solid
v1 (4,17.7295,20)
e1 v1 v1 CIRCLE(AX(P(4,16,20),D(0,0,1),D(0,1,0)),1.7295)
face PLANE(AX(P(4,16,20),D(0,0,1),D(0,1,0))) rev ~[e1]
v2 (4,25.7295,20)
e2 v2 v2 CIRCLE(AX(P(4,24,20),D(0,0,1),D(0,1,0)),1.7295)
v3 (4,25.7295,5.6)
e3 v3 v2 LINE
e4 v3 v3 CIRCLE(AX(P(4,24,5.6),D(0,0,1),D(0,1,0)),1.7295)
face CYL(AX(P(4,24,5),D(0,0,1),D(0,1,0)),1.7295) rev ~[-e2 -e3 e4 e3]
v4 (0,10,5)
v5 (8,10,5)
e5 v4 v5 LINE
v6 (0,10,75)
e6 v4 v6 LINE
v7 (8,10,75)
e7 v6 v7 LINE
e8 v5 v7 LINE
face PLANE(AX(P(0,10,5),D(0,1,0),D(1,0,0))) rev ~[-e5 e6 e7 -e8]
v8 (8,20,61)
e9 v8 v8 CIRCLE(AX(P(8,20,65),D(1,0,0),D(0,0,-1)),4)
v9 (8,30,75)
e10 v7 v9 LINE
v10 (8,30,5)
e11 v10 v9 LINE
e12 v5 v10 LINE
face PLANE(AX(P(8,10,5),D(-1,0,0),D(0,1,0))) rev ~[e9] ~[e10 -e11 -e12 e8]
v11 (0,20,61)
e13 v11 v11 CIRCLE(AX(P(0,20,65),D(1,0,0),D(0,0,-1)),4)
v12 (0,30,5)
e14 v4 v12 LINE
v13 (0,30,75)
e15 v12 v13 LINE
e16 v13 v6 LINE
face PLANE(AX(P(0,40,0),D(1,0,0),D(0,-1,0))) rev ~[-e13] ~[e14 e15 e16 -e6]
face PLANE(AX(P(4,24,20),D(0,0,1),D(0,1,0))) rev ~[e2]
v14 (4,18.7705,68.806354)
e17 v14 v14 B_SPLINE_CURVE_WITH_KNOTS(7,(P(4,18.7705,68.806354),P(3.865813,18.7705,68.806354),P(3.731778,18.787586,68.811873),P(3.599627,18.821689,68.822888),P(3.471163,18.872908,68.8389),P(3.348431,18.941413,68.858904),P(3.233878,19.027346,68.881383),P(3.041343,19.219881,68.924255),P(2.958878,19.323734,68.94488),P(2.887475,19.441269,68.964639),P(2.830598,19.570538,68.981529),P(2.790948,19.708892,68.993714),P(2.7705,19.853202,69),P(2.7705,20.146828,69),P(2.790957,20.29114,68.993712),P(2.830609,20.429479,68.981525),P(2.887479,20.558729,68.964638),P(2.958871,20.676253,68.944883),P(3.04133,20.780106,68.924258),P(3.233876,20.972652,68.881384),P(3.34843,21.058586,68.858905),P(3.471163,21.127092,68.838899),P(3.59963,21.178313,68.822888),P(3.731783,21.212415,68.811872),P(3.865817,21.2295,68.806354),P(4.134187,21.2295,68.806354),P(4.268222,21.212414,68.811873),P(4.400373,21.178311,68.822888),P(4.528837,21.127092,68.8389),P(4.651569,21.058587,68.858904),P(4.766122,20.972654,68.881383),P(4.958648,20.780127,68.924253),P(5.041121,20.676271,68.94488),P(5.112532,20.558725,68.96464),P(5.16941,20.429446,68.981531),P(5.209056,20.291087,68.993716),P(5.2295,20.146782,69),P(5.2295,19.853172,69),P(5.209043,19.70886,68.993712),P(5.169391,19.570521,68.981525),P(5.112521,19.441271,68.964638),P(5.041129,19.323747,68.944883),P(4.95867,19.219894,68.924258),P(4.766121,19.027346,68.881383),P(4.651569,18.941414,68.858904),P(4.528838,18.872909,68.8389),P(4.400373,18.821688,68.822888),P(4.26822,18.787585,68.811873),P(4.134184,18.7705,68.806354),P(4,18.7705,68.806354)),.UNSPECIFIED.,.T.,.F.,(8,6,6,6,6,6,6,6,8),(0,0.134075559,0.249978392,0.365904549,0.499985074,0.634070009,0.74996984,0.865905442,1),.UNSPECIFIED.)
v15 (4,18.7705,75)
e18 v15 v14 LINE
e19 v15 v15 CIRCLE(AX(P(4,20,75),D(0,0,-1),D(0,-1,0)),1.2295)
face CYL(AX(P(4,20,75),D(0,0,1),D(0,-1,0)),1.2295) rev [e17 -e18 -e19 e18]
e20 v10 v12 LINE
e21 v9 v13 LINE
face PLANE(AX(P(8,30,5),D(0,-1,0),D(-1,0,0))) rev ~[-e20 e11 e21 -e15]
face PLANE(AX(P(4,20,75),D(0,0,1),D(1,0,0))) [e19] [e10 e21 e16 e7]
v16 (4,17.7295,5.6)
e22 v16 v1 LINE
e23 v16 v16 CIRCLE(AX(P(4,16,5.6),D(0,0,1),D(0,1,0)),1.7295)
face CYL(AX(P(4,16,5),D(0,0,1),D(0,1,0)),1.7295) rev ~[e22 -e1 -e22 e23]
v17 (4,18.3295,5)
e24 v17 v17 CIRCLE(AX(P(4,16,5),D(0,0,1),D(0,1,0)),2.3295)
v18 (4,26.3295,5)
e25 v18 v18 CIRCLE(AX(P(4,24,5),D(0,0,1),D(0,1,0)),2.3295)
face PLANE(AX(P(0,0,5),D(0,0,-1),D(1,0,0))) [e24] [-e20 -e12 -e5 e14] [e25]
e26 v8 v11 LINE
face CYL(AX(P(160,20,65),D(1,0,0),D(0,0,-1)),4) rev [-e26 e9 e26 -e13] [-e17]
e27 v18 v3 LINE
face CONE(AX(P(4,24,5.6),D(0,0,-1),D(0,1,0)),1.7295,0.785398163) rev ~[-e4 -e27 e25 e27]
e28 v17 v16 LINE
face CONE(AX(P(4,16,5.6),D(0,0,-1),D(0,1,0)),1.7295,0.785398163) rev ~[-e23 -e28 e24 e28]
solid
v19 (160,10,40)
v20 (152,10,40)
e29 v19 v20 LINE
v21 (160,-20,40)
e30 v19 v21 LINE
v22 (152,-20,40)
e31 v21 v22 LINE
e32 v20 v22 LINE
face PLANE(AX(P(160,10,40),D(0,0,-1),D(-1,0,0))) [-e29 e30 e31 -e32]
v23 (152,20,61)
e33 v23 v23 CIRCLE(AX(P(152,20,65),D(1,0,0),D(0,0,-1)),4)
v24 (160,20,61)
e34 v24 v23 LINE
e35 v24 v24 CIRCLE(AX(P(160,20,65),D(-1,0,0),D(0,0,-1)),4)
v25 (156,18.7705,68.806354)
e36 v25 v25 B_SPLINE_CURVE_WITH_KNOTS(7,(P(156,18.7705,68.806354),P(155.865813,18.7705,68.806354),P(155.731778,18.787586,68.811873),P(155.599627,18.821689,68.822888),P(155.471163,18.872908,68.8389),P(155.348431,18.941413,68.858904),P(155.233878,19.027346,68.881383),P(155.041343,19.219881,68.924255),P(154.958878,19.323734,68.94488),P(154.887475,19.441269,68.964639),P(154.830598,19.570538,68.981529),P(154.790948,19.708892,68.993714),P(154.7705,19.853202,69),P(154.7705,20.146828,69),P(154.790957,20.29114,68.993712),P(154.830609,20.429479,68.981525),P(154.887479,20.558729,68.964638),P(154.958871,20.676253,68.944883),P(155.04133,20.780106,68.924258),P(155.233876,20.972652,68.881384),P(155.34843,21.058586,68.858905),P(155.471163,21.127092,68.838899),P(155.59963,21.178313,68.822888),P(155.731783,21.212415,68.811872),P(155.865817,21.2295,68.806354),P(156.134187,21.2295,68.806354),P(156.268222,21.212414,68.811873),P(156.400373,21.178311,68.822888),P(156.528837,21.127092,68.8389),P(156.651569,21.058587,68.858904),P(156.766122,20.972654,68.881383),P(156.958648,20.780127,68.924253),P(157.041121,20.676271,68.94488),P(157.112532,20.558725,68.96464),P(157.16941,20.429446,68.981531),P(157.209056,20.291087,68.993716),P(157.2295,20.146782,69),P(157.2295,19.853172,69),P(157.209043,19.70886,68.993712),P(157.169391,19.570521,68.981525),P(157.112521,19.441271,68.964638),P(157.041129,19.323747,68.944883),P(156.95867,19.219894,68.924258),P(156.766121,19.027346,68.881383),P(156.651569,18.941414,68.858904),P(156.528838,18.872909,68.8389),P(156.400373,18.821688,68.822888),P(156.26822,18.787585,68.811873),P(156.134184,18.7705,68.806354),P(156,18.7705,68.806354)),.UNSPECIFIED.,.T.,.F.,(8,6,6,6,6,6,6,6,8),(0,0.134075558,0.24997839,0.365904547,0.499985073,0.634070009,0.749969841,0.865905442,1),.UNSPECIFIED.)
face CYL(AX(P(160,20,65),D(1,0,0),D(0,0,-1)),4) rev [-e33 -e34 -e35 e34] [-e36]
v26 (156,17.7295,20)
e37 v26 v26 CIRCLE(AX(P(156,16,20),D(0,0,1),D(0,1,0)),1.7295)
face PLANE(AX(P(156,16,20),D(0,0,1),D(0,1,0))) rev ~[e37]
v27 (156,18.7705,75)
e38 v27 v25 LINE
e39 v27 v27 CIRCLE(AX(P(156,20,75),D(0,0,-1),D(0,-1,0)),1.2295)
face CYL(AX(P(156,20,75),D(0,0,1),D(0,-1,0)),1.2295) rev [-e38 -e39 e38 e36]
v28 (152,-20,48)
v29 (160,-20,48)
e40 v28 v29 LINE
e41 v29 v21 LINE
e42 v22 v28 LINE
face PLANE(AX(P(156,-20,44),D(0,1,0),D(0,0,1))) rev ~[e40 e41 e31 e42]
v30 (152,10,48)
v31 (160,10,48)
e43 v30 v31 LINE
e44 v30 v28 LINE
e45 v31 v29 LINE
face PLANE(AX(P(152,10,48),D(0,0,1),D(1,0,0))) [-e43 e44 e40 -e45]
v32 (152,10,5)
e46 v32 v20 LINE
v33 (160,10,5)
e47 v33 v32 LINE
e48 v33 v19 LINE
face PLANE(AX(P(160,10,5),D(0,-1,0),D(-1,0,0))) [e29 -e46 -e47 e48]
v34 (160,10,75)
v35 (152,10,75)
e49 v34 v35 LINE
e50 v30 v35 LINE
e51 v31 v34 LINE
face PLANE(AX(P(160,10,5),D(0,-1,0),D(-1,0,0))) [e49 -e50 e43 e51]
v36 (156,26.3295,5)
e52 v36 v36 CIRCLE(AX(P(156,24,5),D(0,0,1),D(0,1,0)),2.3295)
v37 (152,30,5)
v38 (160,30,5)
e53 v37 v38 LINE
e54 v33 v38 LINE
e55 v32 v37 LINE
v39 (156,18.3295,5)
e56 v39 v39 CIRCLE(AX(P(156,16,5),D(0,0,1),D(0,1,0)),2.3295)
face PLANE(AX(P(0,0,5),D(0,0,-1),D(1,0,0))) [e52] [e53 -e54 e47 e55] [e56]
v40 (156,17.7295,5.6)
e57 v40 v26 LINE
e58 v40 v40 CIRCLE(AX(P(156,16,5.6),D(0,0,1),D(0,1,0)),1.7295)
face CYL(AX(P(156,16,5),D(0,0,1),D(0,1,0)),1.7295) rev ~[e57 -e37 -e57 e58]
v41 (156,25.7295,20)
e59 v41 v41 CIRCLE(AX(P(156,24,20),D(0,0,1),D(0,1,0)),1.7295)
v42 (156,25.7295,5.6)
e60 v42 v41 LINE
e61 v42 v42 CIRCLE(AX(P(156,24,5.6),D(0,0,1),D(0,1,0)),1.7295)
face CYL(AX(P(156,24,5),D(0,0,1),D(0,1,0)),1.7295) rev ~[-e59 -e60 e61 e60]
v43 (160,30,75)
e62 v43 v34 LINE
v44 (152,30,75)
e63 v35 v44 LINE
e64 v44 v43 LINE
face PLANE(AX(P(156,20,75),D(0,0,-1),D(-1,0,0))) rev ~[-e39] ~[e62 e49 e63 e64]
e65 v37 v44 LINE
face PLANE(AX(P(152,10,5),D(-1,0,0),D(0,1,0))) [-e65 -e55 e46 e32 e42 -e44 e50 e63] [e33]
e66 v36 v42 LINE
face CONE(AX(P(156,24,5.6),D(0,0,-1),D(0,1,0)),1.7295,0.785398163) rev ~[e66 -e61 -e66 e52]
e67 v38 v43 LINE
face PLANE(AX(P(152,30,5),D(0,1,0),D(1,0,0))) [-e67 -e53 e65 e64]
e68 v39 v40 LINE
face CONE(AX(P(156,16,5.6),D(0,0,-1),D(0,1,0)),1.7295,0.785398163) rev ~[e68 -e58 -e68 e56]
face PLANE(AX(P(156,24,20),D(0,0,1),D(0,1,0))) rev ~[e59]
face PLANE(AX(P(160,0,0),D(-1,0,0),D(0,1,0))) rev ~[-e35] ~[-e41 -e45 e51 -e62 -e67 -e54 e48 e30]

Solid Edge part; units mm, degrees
sketch "Sketch1" plane through (0, 0, 0) normal (0, 0, 1) x (1, 0, 0)
  line L0 (160, 0) -> (160, 40)
  line L1 (160, 40) -> (0, 40)
  line L2 (0, 40) -> (0, 0)
  line L3 (0, 0) -> (160, 0)
extrude "Protrusion1" add sketch "Sketch1" along normal blind 5
sketch "Sketch2" plane through (75, 20, 5) normal (0, 0, 1) x (1, 0, 0)
  line L0 (77, 10) -> (85, 10)
  line L1 (85, 10) -> (85, -10)
  line L2 (85, -10) -> (77, -10)
  line L3 (77, -10) -> (77, 10)
  line L4 (-67, -10) -> (-67, 10)
  line L5 (-67, 10) -> (-75, 10)
  line L6 (-75, 10) -> (-75, -10)
  line L7 (-75, -10) -> (-67, -10)
  dimension "D1" = 8
  dimension "D2" = 10
  dimension "D3" = 10
  dimension "D4" = 20
  dimension "D5" = 10
  dimension "D6" = 20
  dimension "D7" = 10
  dimension "D8" = 8
extrude "ExtrudedProtrusion_2" add sketch "Sketch2" along normal blind 70
hole "Hole1" at (20, 10, 5) direction (0, 0, -1) diameter 4.2 end up to next start chamfer 1 start chamfer angle 45
hole "Hole2" at (140, 10, 5) direction (0, 0, -1) diameter 4.2 end up to next start chamfer 1 start chamfer angle 45
hole "Hole3" at (140, 30, 5) direction (0, 0, -1) diameter 4.2 end up to next start chamfer 1 start chamfer angle 45
hole "Hole4" at (20, 30, 5) direction (0, 0, -1) diameter 4.2 end up to next start chamfer 1 start chamfer angle 45
hole "Bohrung_6" at (160, 20, 65) direction (-1, 0, 0) diameter 8 end through all
hole "Hole_7" at (156, 20, 75) direction (0, 0, -1) diameter 2.459 end up to next thread major 3 thread length 2
hole "Hole5" at (4, 20, 75) direction (0, 0, -1) diameter 2.459 end up to next thread major 3 thread length 2
sketch "Sketch3" plane through (80, 0, 2.5) normal (0, -1, 0) x (1, 0, 0)
  line L0 (-80, -2.5) -> (-80, 2.5)
  line L1 (-80, 2.5) -> (80, 2.5)
  line L2 (80, 2.5) -> (80, -2.5)
  line L3 (80, -2.5) -> (-80, -2.5)
extrude "Cutout1" cut sketch "Sketch3" against normal through all
hole "Hole_10" at (156, 16, 5) direction (0, 0, 1) diameter 3.459 depth 15 start chamfer 0.6 start chamfer angle 45 thread major 4 thread length 2
hole "Hole6" at (156, 24, 5) direction (0, 0, 1) diameter 3.459 depth 15 start chamfer 0.6 start chamfer angle 45 thread major 4 thread length 2
hole "Hole_12" at (4, 24, 5) direction (0, 0, 1) diameter 3.459 depth 15 start chamfer 0.6 start chamfer angle 45 thread major 4 thread length 2
hole "Hole7" at (4, 16, 5) direction (0, 0, 1) diameter 3.459 depth 15 start chamfer 0.6 start chamfer angle 45 thread major 4 thread length 2
sketch "Sketch4" plane through (156, 10, 40) normal (0, -1, 0) x (0, 0, 1)
  line L0 (0, 4) -> (8, 4)
  line L1 (8, 4) -> (8, -4)
  line L2 (8, -4) -> (0, -4)
  line L3 (0, -4) -> (0, 4)
  dimension "D1" = 8
  dimension "D2" = 8
extrude "ExtrudedProtrusion_4" add sketch "Sketch4" along normal blind 30
